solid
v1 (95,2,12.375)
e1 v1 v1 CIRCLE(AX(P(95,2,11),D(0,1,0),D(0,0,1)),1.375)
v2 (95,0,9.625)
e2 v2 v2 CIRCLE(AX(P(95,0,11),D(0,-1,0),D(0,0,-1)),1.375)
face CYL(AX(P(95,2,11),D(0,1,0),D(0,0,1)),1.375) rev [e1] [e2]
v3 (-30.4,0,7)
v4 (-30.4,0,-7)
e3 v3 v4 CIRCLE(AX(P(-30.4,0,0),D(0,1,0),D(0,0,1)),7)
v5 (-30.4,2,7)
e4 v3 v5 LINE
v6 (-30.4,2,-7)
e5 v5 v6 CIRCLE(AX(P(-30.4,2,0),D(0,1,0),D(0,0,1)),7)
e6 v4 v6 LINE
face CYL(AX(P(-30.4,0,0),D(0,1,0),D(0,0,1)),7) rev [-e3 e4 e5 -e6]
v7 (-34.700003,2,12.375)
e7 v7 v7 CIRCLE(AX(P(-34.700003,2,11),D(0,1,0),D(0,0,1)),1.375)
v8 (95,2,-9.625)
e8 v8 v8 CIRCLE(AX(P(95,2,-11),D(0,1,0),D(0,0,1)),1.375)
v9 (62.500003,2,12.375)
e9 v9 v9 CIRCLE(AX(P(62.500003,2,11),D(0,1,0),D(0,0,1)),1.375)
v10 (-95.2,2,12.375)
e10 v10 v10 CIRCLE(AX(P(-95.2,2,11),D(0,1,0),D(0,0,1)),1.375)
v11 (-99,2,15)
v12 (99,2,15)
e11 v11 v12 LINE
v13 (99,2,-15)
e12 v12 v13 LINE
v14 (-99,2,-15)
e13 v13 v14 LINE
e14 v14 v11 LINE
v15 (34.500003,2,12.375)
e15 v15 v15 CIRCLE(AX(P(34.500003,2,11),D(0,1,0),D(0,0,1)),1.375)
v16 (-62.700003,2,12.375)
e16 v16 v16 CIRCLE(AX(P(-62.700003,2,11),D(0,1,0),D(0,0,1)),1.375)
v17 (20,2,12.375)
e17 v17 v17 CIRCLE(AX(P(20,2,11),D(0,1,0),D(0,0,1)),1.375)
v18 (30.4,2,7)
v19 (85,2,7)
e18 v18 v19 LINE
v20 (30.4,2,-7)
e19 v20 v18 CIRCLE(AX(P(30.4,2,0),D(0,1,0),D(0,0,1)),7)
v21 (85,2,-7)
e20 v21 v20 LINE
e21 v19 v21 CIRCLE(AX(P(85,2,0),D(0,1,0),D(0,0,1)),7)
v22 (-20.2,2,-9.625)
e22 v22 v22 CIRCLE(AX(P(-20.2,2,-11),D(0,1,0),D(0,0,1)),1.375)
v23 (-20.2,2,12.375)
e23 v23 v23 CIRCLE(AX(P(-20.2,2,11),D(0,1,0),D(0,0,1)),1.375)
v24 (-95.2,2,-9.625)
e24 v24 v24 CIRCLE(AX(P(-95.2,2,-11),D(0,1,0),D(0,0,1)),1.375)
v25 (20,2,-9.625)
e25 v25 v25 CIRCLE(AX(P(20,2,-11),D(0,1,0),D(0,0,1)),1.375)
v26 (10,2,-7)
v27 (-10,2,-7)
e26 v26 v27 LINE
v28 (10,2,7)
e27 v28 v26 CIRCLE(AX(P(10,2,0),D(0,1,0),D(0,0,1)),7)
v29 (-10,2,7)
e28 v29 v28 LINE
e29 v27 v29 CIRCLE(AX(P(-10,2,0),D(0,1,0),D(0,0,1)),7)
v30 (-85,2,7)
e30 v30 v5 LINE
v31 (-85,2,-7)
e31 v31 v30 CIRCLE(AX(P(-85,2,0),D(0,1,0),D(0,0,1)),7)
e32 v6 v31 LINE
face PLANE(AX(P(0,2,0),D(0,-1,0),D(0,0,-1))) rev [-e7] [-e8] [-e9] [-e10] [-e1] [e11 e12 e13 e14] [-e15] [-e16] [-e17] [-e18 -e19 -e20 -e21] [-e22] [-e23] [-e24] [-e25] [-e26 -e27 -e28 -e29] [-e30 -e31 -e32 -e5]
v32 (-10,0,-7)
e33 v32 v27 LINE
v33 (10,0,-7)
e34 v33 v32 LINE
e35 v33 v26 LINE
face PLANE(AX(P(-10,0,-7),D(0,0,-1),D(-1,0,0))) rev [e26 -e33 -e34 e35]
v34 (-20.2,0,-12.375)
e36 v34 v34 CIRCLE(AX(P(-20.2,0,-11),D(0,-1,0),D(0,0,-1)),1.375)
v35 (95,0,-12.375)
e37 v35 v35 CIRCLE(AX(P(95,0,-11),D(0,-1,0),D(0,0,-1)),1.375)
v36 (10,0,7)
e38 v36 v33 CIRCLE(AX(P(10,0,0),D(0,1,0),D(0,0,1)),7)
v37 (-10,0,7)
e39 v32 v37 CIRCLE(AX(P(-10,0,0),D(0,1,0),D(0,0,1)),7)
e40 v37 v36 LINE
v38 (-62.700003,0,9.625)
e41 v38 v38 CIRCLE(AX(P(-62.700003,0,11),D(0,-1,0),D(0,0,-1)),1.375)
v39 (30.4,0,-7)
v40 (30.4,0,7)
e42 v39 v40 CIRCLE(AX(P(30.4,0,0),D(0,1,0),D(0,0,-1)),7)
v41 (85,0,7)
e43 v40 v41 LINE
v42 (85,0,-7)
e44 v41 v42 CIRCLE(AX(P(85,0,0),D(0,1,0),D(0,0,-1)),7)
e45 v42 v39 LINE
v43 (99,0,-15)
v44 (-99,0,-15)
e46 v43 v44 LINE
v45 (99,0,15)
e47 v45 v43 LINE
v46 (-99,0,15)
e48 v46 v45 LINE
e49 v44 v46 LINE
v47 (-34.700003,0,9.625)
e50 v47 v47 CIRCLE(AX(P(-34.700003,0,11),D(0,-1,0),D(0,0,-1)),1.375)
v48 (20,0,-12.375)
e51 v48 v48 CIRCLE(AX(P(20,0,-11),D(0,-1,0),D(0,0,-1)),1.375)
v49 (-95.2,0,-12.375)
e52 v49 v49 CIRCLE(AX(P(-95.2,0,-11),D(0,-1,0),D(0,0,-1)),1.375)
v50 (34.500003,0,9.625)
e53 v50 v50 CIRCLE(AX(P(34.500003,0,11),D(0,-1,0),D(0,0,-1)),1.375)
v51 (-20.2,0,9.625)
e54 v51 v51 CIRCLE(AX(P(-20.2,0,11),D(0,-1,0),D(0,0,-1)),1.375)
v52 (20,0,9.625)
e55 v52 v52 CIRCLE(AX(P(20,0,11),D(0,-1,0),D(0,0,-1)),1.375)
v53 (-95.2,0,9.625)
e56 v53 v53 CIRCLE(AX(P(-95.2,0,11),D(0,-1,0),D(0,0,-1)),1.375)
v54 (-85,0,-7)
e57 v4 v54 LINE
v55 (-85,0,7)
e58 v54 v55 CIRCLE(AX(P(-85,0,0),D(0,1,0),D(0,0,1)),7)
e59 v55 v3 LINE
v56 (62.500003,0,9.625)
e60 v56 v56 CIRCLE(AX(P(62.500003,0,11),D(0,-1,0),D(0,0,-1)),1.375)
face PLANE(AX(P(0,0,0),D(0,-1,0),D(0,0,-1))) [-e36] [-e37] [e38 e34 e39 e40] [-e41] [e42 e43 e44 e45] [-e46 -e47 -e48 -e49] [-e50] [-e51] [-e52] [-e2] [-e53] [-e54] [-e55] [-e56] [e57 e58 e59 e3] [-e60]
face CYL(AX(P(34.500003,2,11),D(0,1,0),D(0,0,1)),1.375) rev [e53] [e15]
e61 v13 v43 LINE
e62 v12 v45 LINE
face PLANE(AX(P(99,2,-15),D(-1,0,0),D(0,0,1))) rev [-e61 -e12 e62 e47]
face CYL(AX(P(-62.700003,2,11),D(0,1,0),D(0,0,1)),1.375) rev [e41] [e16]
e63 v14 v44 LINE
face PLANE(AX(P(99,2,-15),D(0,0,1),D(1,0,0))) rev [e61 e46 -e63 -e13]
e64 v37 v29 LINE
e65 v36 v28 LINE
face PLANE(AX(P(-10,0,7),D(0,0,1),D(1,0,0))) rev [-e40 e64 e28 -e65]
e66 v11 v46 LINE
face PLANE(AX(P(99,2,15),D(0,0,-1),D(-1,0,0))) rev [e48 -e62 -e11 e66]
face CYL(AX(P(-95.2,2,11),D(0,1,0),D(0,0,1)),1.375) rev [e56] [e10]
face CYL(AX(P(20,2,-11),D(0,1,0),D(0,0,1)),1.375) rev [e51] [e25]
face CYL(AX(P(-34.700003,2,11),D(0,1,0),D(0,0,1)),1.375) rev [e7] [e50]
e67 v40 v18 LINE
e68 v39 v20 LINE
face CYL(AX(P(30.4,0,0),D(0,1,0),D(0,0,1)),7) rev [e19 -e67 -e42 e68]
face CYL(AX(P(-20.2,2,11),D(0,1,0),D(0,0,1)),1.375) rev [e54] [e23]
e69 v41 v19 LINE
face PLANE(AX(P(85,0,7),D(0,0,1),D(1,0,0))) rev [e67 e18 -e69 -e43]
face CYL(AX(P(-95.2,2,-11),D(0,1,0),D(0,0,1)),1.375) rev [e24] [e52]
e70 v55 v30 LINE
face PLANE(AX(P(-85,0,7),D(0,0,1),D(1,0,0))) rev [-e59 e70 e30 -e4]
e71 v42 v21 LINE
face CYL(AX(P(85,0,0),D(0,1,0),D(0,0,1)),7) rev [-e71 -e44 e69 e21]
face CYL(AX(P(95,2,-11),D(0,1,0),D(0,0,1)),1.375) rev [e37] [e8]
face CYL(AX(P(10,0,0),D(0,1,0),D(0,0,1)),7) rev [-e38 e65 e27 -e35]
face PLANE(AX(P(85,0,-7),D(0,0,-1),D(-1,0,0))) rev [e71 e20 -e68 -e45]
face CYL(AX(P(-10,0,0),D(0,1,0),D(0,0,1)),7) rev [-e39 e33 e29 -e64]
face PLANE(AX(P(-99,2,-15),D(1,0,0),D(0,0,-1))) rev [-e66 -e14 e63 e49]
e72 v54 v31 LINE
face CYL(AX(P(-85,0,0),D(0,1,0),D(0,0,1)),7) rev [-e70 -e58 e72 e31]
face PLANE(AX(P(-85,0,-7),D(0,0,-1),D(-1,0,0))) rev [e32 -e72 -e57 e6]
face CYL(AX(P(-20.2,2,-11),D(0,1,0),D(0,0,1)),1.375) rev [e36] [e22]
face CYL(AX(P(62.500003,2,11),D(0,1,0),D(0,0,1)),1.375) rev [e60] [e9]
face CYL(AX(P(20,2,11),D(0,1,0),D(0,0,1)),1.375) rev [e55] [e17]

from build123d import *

# Parameters (mm, degrees)
SKETCH_1_W               = 198
SKETCH_1_H               = 30
EXTRUDE_1_DEPTH          = 2
HOLE_WIZARD_1_D          = 2.75
HOLE_WIZARD_1_DEPTH      = 100
CUT_EXTRUDE_1_DEPTH      = 101.149887668
CUT_EXTRUDE_1_DEPTH_BACK = 101.149887668


with BuildPart() as part:
    # 草图1 → 凸台-拉伸1 (new body)
    with BuildSketch(Plane(origin=(0, 0, 0), x_dir=(1, 0, 0), z_dir=(0, 1, 0))):
        Rectangle(SKETCH_1_W, SKETCH_1_H)
    extrude(amount=EXTRUDE_1_DEPTH)

    # 孔1
    with Locations(Plane(origin=(0, 2, 0), x_dir=(1, 0, 0), z_dir=(0, 1, 0))):
        with Locations((95, 10.999999819), (95, -11), (20.000000003, 10.999999819), (20.000000003, -11), (-95.2, 10.999999819), (-95.2, -11), (-20.200000003, 10.999999819), (-20.200000003, -11), (-34.700003407, -11), (-62.700003407, -11), (62.500003407, -11), (34.500003407, -11)):
            Hole(HOLE_WIZARD_1_D / 2, depth=HOLE_WIZARD_1_DEPTH)

    # 草图4 → 切除-拉伸1 (cut, two sides: drawn at the far end of the back side and taken through both)
    with BuildSketch(Plane(origin=(0, 2, 0), x_dir=(1, 0, 0), z_dir=(0, 1, 0)).offset(-CUT_EXTRUDE_1_DEPTH_BACK)):
        with BuildLine():
            Line((-10, 7), (10, 7))
            ThreePointArc((10, 7), (17, 0), (10, -7))
            Line((10, -7), (-10, -7))
            ThreePointArc((-10, -7), (-17, 0), (-10, 7))
        make_face()
        with BuildLine():
            Line((-84.999999997, 7), (-30.400000007, 7))
            ThreePointArc((-30.400000007, 7), (-23.400000007, 0), (-30.400000007, -7))
            Line((-30.400000007, -7), (-84.999999997, -7))
            ThreePointArc((-84.999999997, -7), (-91.999999997, 0), (-84.999999997, 7))
        make_face()
        with BuildLine():
            Line((84.999999997, 7), (30.400000007, 7))
            ThreePointArc((30.400000007, 7), (23.400000007, 0), (30.400000007, -7))
            Line((30.400000007, -7), (84.999999997, -7))
            ThreePointArc((84.999999997, -7), (91.999999997, 0), (84.999999997, 7))
        make_face()
    extrude(amount=CUT_EXTRUDE_1_DEPTH + CUT_EXTRUDE_1_DEPTH_BACK, mode=Mode.SUBTRACT)


solid = part.part
